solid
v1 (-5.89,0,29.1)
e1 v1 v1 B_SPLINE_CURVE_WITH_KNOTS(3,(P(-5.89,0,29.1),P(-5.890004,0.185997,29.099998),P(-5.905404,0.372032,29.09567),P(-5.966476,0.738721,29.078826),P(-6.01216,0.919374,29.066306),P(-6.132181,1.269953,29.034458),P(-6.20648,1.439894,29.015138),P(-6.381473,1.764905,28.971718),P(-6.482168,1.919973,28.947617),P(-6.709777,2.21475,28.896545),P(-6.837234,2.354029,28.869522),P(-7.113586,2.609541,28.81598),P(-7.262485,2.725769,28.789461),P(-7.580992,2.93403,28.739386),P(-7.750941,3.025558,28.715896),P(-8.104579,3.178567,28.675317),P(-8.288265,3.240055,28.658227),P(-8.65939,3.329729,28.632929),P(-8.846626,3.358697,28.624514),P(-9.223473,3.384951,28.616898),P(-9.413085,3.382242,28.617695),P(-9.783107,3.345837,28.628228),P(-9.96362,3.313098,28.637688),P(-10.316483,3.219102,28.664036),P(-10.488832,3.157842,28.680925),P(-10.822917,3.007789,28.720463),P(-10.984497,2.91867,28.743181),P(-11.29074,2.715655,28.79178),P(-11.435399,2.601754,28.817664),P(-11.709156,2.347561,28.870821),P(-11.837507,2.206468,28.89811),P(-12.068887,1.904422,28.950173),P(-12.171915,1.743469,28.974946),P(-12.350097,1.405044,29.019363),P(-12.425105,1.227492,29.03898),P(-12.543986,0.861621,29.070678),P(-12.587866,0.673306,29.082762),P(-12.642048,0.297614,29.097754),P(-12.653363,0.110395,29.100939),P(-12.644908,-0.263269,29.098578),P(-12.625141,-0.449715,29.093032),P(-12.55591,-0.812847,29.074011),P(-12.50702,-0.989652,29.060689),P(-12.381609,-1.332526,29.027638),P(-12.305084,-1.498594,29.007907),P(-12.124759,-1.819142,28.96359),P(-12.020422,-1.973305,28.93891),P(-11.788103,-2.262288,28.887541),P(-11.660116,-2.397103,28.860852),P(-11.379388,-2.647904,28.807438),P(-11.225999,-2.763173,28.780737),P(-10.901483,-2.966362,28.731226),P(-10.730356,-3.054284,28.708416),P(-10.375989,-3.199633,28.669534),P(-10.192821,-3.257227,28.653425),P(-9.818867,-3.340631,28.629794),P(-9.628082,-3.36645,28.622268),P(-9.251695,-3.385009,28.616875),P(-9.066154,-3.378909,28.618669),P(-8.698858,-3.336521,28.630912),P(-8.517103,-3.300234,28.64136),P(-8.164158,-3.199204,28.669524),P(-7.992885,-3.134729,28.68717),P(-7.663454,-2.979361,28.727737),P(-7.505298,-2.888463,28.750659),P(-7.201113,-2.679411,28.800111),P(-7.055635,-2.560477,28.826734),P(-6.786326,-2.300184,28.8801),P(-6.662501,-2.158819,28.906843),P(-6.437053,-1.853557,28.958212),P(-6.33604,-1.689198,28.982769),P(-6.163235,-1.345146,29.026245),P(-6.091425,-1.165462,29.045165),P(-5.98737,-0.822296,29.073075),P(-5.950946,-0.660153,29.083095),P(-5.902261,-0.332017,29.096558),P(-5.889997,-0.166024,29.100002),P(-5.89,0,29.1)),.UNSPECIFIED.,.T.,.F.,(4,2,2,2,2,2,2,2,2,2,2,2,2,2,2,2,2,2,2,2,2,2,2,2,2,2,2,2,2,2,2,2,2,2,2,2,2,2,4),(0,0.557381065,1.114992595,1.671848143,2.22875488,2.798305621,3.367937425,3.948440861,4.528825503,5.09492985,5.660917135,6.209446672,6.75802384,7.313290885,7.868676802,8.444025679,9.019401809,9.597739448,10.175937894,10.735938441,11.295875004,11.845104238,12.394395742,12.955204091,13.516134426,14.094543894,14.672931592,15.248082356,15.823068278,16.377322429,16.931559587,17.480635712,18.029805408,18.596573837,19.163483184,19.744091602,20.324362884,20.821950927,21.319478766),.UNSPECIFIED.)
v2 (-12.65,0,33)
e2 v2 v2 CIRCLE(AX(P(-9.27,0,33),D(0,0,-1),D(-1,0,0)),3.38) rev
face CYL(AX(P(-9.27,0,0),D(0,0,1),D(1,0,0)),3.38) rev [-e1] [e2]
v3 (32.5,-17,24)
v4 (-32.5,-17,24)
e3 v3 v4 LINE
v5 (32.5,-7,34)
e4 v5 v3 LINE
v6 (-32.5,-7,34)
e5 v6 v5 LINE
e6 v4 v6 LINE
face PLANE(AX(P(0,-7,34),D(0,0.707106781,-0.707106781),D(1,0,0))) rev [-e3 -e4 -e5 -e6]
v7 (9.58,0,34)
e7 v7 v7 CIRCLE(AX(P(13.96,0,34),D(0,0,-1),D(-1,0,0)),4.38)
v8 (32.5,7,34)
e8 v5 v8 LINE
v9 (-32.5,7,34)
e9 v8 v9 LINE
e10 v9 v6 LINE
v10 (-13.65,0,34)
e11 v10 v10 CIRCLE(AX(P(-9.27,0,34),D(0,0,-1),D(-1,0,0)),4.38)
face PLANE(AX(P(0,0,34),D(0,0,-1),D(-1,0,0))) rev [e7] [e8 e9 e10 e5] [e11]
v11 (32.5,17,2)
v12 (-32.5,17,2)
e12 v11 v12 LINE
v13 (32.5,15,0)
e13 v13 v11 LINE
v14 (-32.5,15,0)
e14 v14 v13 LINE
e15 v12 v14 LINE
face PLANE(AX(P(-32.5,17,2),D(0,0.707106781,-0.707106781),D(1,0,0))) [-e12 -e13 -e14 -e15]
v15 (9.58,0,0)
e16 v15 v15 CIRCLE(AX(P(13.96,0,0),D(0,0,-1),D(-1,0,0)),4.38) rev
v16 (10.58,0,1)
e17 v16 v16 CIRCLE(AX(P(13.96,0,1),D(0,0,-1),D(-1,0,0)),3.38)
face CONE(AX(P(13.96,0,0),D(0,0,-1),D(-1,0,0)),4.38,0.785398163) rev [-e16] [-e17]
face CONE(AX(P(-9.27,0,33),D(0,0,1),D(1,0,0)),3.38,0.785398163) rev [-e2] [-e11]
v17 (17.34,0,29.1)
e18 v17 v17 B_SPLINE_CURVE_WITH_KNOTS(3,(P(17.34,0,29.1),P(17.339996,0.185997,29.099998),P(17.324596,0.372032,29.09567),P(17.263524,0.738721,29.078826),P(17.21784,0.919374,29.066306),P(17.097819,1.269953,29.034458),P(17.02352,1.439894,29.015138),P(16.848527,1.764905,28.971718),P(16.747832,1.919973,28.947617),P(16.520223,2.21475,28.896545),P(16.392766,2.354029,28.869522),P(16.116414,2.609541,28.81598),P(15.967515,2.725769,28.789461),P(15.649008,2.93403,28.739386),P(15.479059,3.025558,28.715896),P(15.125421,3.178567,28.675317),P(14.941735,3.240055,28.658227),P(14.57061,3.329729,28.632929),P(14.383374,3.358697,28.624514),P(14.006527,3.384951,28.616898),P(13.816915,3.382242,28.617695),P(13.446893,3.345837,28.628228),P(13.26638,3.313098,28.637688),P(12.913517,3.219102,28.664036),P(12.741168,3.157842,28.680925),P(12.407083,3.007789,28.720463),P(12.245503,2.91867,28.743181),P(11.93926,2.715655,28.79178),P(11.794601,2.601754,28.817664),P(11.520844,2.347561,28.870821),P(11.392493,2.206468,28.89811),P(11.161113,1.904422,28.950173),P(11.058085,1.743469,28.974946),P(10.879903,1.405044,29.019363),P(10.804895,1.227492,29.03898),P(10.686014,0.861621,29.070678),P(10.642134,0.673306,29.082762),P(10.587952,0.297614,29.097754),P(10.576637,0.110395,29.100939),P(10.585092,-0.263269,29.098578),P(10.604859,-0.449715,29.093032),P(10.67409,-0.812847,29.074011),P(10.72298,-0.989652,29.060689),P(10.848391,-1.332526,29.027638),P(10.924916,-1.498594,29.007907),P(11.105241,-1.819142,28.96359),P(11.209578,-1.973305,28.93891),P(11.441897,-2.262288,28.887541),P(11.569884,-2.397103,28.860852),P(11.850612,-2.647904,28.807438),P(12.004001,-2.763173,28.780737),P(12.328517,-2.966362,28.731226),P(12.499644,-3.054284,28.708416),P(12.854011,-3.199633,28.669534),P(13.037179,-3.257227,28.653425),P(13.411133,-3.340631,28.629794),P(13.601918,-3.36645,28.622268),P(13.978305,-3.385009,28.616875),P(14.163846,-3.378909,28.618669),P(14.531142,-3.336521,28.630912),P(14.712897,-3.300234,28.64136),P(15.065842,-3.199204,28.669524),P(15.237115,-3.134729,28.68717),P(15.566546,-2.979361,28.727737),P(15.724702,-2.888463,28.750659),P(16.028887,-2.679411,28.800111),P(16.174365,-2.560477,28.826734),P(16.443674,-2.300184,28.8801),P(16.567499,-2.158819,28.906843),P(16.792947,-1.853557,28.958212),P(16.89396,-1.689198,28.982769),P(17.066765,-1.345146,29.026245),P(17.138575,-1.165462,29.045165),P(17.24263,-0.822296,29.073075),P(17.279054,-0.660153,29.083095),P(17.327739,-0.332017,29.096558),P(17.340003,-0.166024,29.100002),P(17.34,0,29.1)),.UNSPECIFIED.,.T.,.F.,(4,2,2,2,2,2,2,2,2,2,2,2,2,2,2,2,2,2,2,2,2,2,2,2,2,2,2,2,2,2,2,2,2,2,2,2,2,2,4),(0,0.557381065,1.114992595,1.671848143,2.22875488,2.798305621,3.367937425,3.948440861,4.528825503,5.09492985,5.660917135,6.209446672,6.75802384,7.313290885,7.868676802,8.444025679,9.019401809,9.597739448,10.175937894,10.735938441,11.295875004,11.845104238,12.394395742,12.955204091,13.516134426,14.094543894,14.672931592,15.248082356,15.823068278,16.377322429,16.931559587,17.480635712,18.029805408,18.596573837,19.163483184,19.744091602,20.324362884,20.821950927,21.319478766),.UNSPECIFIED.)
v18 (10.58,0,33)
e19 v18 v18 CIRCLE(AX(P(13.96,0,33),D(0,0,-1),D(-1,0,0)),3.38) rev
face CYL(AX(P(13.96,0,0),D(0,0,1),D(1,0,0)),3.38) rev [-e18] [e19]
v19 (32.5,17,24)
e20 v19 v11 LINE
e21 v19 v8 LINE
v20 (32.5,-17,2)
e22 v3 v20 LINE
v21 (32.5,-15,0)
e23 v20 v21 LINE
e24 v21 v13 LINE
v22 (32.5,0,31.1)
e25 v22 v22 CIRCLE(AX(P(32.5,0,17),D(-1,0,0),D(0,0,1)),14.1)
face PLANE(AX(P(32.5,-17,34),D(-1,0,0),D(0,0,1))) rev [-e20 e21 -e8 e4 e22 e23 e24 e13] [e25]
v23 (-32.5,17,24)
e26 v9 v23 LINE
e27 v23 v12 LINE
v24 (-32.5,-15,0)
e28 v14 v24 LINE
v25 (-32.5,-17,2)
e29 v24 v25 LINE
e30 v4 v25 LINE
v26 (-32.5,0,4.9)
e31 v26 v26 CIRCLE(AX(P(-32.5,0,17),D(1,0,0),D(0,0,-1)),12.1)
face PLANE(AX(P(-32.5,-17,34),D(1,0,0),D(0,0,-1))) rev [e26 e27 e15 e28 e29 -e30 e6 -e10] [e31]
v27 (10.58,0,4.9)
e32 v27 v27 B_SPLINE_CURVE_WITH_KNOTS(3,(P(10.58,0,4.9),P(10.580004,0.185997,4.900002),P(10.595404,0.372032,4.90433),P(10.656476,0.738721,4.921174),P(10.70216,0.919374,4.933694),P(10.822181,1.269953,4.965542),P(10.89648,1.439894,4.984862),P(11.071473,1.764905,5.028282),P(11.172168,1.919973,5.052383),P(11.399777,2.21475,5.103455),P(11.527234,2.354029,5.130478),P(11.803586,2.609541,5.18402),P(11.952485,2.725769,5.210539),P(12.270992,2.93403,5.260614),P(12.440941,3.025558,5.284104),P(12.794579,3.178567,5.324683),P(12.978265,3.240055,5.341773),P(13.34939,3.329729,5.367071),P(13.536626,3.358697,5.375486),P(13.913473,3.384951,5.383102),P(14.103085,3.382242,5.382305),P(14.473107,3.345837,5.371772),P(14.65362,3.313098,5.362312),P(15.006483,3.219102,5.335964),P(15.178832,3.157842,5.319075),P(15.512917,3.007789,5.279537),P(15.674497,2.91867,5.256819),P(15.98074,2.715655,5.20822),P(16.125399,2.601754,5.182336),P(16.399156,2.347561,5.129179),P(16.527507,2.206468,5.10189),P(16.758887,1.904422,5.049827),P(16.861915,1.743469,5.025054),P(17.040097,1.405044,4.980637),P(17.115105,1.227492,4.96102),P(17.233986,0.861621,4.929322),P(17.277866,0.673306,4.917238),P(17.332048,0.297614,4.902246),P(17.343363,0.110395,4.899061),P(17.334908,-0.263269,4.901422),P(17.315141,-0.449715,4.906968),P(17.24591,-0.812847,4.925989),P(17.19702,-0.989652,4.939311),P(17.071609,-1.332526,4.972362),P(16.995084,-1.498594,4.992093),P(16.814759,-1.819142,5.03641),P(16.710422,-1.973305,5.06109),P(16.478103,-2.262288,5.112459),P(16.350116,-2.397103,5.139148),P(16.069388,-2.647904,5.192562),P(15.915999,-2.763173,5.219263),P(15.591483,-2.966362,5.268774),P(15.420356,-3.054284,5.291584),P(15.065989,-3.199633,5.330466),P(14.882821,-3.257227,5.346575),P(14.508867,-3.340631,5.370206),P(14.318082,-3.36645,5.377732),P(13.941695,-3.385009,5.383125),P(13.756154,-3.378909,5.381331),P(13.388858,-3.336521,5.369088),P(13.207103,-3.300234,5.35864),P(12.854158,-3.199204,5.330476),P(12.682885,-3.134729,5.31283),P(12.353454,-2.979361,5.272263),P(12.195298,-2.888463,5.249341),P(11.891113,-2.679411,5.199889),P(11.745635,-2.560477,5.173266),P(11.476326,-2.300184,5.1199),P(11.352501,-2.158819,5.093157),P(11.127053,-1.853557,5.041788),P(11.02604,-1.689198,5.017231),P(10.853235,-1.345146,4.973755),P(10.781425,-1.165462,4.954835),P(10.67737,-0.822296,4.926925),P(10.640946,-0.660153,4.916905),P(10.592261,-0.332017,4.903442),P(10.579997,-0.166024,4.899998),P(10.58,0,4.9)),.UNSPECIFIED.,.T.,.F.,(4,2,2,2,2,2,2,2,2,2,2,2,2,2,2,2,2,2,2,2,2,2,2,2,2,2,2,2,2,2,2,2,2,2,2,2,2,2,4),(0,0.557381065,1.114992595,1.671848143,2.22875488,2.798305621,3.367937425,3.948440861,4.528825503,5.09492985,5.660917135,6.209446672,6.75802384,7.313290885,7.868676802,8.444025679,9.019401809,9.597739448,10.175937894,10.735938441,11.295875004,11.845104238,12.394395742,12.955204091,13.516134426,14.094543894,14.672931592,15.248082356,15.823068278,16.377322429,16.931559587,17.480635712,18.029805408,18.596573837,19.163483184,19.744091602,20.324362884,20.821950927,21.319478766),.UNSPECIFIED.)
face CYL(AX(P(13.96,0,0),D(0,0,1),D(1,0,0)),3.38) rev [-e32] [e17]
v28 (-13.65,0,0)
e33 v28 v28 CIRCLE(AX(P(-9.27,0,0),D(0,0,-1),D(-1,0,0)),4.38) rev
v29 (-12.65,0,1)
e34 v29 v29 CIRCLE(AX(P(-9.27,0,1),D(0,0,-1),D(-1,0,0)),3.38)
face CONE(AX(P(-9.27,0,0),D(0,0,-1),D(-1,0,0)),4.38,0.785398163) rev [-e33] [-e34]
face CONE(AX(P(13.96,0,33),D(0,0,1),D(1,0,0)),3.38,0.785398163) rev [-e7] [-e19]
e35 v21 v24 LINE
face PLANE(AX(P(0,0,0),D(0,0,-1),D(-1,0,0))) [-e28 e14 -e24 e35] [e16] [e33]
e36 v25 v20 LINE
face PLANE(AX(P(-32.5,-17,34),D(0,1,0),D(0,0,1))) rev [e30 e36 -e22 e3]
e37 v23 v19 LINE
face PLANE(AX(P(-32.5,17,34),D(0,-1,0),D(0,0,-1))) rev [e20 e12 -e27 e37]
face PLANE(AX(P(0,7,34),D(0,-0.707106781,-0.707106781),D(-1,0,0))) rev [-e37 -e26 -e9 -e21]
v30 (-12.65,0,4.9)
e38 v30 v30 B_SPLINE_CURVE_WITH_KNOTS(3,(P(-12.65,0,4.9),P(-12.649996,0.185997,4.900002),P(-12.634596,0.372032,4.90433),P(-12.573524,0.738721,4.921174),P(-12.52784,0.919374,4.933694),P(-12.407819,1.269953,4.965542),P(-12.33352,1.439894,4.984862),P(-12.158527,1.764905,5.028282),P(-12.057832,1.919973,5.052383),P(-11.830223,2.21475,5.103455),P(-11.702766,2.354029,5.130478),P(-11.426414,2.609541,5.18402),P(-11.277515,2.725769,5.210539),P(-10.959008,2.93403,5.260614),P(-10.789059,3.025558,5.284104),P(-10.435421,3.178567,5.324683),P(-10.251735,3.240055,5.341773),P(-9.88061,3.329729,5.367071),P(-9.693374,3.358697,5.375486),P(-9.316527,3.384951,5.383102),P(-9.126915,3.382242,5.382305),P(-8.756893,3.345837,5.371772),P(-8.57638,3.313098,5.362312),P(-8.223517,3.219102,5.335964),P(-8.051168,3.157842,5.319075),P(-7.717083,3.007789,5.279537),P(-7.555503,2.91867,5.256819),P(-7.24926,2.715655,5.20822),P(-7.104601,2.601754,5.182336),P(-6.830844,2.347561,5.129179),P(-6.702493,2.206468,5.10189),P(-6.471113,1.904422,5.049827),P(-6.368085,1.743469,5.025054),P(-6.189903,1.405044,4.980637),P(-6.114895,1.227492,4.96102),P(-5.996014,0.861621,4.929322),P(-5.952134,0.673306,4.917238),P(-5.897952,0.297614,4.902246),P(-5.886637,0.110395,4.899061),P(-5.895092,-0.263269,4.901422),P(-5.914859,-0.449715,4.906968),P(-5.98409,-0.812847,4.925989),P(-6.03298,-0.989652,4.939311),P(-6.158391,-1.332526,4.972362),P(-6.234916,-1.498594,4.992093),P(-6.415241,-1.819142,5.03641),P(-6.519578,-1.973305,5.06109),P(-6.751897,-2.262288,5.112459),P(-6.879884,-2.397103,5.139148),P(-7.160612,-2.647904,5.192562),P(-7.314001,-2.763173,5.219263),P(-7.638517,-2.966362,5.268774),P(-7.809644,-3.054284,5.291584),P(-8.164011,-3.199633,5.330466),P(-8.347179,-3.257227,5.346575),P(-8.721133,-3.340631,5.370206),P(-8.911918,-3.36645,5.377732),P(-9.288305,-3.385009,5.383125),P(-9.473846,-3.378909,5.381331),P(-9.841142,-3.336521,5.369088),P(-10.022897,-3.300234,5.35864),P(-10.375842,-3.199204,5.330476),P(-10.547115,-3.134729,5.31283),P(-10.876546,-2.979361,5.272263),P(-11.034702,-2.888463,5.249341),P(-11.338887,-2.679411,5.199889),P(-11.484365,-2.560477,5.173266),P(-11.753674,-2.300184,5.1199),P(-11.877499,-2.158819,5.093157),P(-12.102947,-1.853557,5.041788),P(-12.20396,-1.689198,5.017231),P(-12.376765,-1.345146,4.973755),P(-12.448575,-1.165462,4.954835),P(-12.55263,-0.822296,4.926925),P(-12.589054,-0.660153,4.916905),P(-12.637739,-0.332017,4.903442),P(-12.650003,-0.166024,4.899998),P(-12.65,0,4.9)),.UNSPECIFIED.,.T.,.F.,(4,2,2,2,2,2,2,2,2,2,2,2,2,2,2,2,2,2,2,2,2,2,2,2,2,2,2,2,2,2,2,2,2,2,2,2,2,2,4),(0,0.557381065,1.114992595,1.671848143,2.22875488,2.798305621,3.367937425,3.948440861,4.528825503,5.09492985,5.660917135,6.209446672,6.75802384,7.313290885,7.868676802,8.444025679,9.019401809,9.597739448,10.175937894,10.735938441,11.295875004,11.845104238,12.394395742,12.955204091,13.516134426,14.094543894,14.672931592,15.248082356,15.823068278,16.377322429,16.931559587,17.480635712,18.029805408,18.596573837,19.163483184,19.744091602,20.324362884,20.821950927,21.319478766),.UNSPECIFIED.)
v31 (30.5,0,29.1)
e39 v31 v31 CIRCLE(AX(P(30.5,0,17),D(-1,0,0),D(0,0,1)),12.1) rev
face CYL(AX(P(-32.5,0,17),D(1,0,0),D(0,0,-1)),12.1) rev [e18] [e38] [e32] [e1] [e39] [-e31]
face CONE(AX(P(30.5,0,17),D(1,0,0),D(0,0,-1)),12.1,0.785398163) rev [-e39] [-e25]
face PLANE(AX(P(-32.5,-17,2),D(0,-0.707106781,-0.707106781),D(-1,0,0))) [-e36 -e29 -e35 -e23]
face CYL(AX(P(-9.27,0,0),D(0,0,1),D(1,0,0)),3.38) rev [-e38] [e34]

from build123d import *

# Parameters (mm, degrees)
SKETCH2_W           = 65
SKETCH2_H           = 34
BOSS_EXTRUDE1_DEPTH = 34
CHAMFER1_SIZE       = 10
CHAMFER2_SIZE       = 2
SKETCH3_R           = 12.1
CUT_EXTRUDE1_DEPTH  = 76.299402388
CHAMFER3_SIZE       = 2
SKETCH4_R           = 3.38
CUT_EXTRUDE2_DEPTH  = 51.012498438
CHAMFER4_SIZE       = 1


with BuildPart() as part:
    # Sketch2 → Boss-Extrude1 (new body)
    with BuildSketch(Plane.XY):
        Rectangle(SKETCH2_W, SKETCH2_H)
    extrude(amount=BOSS_EXTRUDE1_DEPTH)

    # Chamfer1
    chamfer1_edges = [part.edges().sort_by_distance(p)[0] for p in [
        (0, -17, 34),
        (0, 17, 34),
    ]]
    chamfer(chamfer1_edges, length=CHAMFER1_SIZE)

    # Chamfer2
    chamfer2_edges = [part.edges().sort_by_distance(p)[0] for p in [
        (0, -17, 0),
        (0, 17, 0),
    ]]
    chamfer(chamfer2_edges, length=CHAMFER2_SIZE)

    # Sketch3 → Cut-Extrude1 (cut, through all)
    with BuildSketch(Plane(origin=(32.5, 0, 0), x_dir=(0, 0, -1), z_dir=(1, 0, 0))):
        with Locations((-17, 0)):
            Circle(SKETCH3_R)
    extrude(amount=-CUT_EXTRUDE1_DEPTH, mode=Mode.SUBTRACT)

    # Chamfer3
    chamfer3_edges = [part.edges().sort_by_distance(p)[0] for p in [
        (32.5, 0, 29.1),
    ]]
    chamfer(chamfer3_edges, length=CHAMFER3_SIZE)

    # Sketch4 → Cut-Extrude2 (cut, through all)
    with BuildSketch(Plane.XY.offset(34)):
        with Locations((-9.27, 0)):
            Circle(SKETCH4_R)
        with Locations((13.96, 0)):
            Circle(SKETCH4_R)
    extrude(amount=-CUT_EXTRUDE2_DEPTH, mode=Mode.SUBTRACT)

    # Chamfer4
    chamfer4_edges = [part.edges().sort_by_distance(p)[0] for p in [
        (-12.65, 0, 0),
        (-12.65, 0, 34),
        (10.58, 0, 0),
        (10.58, 0, 34),
    ]]
    chamfer(chamfer4_edges, length=CHAMFER4_SIZE)


solid = part.part
